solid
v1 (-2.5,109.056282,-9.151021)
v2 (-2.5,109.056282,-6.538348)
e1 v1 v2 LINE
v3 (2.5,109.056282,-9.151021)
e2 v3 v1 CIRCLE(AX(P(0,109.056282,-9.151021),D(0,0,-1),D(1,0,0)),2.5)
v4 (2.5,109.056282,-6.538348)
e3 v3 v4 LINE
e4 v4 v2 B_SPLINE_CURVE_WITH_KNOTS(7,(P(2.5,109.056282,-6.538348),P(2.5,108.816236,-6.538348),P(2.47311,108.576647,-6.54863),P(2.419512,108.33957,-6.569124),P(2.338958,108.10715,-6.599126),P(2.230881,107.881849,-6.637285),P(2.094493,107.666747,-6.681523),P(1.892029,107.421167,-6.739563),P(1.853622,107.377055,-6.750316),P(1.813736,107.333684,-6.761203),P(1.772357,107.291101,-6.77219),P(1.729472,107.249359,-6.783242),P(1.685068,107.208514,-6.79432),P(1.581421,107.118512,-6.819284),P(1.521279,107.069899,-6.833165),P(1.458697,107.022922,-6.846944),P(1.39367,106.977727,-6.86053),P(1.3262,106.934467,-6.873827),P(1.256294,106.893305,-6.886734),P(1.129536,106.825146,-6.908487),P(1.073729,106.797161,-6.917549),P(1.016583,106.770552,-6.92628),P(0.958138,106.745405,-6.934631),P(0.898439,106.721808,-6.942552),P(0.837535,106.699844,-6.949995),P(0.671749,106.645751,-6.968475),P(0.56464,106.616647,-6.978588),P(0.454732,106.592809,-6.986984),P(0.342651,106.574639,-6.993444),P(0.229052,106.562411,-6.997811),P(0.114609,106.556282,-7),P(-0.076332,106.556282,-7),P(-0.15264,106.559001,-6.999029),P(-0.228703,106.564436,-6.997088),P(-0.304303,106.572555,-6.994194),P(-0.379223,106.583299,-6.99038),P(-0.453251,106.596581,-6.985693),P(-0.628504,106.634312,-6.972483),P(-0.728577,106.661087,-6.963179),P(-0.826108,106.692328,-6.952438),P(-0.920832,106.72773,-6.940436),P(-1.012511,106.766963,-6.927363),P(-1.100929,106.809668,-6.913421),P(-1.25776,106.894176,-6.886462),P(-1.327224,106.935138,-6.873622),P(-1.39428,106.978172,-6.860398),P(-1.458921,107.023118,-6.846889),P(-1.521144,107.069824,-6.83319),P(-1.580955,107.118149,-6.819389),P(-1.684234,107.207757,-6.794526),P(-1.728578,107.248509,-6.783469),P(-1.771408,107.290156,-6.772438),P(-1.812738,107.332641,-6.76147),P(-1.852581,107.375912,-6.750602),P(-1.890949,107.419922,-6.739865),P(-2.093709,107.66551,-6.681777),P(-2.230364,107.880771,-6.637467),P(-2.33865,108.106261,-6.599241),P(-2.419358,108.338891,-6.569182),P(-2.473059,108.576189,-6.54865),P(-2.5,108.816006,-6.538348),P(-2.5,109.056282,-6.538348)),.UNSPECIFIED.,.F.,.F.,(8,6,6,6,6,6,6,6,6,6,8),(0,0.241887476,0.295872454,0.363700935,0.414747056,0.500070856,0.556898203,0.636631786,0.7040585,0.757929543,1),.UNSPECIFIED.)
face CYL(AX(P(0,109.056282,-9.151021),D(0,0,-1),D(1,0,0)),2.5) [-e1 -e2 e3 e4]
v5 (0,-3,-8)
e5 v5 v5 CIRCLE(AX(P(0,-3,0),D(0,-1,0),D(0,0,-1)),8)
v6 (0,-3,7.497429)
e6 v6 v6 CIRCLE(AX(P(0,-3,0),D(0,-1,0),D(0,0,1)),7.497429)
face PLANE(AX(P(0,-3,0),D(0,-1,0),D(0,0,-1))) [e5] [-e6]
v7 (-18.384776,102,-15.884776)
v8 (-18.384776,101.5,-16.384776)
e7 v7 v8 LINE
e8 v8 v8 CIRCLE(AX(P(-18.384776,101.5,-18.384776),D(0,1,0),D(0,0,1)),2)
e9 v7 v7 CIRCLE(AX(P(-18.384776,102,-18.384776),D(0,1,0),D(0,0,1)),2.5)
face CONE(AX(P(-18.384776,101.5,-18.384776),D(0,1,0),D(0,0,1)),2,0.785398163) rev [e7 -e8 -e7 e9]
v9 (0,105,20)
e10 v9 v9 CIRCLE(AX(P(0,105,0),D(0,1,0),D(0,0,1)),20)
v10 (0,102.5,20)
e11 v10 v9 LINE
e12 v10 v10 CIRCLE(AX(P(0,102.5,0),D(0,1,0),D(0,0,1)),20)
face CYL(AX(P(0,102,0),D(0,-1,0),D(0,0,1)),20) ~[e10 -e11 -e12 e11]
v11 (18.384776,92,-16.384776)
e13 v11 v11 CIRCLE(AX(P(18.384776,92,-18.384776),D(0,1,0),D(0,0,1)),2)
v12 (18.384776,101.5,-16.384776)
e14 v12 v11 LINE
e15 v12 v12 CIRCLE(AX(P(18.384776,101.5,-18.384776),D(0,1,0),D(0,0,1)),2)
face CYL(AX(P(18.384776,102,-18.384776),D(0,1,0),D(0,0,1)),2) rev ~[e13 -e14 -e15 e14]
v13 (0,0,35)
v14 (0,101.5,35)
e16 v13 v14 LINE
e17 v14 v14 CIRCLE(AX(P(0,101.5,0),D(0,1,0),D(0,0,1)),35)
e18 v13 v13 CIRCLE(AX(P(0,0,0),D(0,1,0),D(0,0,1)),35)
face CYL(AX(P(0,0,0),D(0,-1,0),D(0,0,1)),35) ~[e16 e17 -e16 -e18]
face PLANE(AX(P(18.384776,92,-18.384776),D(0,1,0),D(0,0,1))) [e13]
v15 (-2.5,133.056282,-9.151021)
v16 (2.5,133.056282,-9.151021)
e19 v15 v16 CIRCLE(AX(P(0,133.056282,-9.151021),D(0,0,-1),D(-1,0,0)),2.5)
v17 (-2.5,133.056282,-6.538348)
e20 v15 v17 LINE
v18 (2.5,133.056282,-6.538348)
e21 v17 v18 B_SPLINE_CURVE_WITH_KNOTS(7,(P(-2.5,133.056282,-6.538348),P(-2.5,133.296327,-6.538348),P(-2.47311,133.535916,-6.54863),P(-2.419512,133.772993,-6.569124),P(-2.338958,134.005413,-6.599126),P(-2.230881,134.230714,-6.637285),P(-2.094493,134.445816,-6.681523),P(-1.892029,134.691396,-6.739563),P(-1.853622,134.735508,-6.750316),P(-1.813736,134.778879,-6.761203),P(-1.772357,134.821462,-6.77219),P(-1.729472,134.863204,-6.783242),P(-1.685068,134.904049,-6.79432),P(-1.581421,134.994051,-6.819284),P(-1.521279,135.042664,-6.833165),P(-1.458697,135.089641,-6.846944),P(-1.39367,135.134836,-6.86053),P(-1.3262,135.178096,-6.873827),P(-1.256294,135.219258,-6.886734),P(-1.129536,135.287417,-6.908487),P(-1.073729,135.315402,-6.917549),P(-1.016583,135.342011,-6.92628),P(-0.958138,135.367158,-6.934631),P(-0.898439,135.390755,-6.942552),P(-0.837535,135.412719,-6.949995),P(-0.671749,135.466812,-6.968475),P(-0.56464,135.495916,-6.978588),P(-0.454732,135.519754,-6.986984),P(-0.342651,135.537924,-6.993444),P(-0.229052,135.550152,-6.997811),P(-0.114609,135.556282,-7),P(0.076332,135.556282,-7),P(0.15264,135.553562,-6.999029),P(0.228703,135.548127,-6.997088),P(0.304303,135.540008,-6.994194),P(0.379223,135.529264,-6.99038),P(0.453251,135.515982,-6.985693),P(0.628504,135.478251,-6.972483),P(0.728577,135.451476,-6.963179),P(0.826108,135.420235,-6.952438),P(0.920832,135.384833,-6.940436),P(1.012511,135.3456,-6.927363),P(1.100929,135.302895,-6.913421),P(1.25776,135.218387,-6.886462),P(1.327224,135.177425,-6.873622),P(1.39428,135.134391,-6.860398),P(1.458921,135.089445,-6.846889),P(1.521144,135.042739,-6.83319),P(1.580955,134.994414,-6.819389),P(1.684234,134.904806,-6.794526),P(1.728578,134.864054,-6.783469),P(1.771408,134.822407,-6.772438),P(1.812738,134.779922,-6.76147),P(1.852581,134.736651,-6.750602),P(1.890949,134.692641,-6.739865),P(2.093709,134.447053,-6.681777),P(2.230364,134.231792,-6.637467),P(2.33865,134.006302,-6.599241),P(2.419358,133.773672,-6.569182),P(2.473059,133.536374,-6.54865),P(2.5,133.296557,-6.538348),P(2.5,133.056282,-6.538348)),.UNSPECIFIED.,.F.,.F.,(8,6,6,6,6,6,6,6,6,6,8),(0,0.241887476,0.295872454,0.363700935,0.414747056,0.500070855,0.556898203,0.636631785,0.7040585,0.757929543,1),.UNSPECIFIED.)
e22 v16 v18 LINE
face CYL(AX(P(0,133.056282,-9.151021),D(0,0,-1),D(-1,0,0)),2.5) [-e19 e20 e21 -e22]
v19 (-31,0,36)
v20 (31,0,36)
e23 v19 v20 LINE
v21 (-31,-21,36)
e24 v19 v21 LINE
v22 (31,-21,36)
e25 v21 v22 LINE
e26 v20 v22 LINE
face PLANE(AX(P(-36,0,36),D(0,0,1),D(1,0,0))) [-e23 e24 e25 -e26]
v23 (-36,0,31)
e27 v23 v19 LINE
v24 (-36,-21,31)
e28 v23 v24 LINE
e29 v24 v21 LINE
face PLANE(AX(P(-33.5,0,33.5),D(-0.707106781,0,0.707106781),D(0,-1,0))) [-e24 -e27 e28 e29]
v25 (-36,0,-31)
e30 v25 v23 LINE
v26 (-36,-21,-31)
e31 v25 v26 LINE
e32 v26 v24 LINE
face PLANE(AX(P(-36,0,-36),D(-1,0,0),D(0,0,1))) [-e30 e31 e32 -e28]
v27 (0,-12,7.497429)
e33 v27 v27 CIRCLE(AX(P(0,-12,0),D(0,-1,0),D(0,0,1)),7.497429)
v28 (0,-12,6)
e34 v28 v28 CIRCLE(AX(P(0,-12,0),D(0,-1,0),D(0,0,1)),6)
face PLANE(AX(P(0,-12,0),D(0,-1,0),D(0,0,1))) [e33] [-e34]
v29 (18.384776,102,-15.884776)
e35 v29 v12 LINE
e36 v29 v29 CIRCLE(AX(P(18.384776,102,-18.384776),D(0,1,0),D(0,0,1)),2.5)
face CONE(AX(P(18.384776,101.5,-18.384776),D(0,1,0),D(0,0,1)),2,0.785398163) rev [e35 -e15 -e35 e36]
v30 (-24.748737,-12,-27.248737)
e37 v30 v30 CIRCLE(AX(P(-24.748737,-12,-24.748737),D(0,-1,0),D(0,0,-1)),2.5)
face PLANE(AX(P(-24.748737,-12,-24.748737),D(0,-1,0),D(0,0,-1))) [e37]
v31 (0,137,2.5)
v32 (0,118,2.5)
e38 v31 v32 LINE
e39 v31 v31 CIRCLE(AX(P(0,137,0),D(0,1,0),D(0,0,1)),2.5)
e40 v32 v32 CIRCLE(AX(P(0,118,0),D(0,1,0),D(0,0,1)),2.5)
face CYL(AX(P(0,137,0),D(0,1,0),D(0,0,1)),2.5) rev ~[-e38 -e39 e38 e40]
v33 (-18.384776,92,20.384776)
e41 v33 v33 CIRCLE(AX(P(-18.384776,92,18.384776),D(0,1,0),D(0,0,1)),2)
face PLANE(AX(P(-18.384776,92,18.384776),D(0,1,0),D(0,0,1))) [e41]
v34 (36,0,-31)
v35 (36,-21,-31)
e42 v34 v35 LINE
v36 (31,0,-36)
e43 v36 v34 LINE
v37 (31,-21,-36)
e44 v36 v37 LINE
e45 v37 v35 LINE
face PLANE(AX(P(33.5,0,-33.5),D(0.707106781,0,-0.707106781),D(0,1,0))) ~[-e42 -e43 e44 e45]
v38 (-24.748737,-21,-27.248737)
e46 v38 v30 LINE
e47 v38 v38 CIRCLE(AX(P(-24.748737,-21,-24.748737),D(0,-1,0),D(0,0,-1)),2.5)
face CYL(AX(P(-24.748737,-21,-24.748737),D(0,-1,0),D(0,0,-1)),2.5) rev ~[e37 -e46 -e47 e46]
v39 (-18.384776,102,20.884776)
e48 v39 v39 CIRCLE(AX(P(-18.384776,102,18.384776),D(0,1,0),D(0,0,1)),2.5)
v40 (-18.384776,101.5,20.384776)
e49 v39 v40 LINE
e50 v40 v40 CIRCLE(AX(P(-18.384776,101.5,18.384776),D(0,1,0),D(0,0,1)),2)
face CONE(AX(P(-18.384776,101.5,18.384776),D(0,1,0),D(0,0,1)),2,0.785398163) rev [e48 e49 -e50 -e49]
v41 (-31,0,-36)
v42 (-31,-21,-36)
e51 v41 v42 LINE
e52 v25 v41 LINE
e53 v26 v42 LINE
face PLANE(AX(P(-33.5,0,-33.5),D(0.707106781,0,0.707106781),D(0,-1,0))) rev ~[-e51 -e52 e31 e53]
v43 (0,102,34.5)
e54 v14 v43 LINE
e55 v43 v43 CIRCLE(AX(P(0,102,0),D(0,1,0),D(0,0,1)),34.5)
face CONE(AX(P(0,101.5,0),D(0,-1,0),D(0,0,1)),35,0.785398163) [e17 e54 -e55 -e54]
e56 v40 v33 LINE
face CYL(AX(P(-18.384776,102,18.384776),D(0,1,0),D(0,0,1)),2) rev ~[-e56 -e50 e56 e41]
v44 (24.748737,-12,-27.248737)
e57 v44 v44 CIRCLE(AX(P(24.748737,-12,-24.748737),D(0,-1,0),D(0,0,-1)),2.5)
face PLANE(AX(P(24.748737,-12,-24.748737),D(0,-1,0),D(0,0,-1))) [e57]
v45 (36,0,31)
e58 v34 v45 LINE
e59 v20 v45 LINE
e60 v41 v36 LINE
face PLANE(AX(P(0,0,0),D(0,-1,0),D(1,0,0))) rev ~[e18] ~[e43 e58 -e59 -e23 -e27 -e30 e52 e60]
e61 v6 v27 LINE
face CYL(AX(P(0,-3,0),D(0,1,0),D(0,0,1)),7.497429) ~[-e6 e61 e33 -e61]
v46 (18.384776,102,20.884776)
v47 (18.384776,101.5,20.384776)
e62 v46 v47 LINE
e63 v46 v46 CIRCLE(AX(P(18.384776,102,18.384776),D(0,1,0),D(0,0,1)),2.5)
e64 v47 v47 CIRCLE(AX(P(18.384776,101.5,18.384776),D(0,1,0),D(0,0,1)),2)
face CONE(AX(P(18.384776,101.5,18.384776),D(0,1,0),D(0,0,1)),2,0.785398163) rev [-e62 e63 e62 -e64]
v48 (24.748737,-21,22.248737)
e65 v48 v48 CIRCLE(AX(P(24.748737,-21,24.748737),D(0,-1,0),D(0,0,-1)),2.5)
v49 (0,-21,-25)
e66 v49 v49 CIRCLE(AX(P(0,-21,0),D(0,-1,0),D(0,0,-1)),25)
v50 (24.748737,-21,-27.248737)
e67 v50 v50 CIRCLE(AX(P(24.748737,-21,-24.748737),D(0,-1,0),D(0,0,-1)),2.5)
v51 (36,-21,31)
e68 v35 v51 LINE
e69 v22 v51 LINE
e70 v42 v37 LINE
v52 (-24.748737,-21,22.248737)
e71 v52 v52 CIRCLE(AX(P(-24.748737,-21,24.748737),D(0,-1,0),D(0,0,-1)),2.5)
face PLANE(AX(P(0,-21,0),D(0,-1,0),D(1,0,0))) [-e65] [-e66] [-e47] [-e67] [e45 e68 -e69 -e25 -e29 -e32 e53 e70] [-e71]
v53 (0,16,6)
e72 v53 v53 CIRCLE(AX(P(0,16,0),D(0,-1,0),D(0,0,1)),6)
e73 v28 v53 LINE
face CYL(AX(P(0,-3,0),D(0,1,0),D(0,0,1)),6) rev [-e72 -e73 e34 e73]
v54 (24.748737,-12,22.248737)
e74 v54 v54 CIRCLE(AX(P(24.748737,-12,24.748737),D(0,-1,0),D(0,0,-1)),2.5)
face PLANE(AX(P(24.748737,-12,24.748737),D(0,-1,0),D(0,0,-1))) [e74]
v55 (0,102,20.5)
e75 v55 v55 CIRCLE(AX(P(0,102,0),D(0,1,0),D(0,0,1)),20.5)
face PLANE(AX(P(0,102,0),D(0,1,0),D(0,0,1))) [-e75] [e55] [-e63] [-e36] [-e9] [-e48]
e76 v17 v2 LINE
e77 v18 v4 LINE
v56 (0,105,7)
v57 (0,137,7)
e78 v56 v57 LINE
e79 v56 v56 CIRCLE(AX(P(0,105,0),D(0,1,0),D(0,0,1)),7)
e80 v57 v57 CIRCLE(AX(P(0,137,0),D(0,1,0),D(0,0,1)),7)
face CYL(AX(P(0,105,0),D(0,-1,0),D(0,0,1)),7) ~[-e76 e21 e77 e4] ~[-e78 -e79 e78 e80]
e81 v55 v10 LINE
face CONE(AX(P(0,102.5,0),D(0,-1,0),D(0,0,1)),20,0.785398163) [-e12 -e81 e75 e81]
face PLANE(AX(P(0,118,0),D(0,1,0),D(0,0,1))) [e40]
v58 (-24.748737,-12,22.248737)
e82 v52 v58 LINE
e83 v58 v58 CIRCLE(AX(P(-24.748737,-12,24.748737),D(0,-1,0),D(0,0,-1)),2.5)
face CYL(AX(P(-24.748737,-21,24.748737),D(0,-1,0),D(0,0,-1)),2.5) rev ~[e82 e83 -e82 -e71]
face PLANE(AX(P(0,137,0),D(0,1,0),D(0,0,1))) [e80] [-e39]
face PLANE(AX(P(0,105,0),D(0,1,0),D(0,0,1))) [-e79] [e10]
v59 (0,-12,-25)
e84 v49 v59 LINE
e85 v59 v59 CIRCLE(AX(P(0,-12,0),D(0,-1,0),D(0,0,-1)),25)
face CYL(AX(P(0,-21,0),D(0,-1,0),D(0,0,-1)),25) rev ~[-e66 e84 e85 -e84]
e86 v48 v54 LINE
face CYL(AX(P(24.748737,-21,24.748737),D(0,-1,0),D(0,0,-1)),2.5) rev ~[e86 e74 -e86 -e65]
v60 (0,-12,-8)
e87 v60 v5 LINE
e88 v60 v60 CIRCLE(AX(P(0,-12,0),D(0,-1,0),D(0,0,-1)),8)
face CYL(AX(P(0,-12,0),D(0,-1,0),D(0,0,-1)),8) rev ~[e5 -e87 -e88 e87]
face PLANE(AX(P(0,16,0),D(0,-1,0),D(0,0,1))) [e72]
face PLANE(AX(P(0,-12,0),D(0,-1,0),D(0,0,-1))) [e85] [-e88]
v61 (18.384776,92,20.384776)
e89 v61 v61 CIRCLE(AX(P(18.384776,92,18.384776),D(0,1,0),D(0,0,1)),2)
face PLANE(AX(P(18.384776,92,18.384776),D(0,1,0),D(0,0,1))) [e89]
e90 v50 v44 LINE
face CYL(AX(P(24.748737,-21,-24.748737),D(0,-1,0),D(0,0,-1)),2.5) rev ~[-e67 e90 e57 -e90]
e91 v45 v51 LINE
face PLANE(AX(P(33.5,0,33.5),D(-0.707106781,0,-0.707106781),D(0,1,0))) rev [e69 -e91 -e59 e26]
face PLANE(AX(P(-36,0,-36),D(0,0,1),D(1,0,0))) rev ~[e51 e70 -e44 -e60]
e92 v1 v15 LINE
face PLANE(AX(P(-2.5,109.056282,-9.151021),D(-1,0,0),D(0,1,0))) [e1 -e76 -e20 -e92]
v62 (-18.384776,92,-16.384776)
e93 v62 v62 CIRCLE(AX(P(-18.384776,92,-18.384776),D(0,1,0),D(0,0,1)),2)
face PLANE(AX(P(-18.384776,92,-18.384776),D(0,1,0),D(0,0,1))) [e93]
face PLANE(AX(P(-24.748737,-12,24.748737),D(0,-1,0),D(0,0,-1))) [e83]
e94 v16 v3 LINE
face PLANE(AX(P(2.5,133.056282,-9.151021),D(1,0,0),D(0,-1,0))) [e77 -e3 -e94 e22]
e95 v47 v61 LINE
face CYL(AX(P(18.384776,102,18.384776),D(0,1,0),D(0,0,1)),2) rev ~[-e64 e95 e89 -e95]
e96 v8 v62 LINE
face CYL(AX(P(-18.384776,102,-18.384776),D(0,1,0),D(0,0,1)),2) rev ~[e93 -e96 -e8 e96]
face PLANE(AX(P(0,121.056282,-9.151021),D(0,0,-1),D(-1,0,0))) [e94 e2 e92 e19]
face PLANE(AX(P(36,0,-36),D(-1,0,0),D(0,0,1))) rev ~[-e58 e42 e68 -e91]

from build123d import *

# Parameters (mm, degrees)
SKETCH_1_R             = 35
EXTRUDE_1_DEPTH        = 102
SKETCH_2_R             = 20
EXTRUDE_2_DEPTH        = 3
SKETCH_3_R             = 7
EXTRUDE_3_DEPTH        = 32
SKETCH_4_W             = 72
SKETCH_4_H             = 72
EXTRUDE_4_DEPTH        = 21
CHAMFER_1_SIZE         = 5
SKETCH_5_R             = 2
CUT_EXTRUDE_1_DEPTH    = 10
CHAMFER_2_SIZE         = 0.5
SKETCH_6_R             = 25
CUT_EXTRUDE_2_DEPTH    = 9
SKETCH_7_R             = 8
CUT_EXTRUDE_3_DEPTH    = 9
SKETCH_9_R             = 2.5
CUT_EXTRUDE_4_DEPTH    = 9
SKETCH_10_R            = 2.5
CUT_EXTRUDE_5_DEPTH    = 19
EXTRUDE_1_2_DEPTH      = 1
EXTRUDE_1_2_DEPTH_BACK = 2
SKETCH_13_R            = 7.497429265
SKETCH_13_R_2          = 6
EXTRUDE_2_2_DEPTH      = 9
CUT_EXTRUDE_START      = -19
SKETCH_14_R            = 6
CUT_EXTRUDE_6_DEPTH    = 19


with BuildPart() as part:
    # Эскиз1 → Extrude 1 (new body)
    with BuildSketch(Plane(origin=(0, 0, 0), x_dir=(1, 0, 0), z_dir=(0, 1, 0))):
        with Locations(Location((0, 0, 0), (0, 0, 270))):
            Circle(SKETCH_1_R)
    extrude(amount=EXTRUDE_1_DEPTH)

    # Эскиз2 → Extrude 2 (add)
    with BuildSketch(Plane(origin=(0, 102, 0), x_dir=(1, 0, 0), z_dir=(0, 1, 0))):
        with Locations(Location((0, 0, 0), (0, 0, 270))):
            Circle(SKETCH_2_R)
    extrude(amount=EXTRUDE_2_DEPTH)

    # Эскиз3 → Вытянуть3 (add)
    with BuildSketch(Plane(origin=(0, 105, 0), x_dir=(1, 0, 0), z_dir=(0, 1, 0))):
        with Locations(Location((0, 0, 0), (0, 0, 270))):
            Circle(SKETCH_3_R)
    extrude(amount=EXTRUDE_3_DEPTH)

    # Эскиз4 → Вытянуть4 (add)
    with BuildSketch(Plane.XZ):
        Rectangle(SKETCH_4_W, SKETCH_4_H)
    extrude(amount=EXTRUDE_4_DEPTH)

    # Фаска1
    chamfer_1_edges = [part.edges().sort_by_distance(p)[0] for p in [
        (-36, -10.5, 36),
        (-36, -10.5, -36),
        (36, -10.5, -36),
        (36, -10.5, 36),
    ]]
    chamfer(chamfer_1_edges, length=CHAMFER_1_SIZE)

    # Эскиз5 → Вырез-Вытянуть1 (cut)
    with BuildSketch(Plane(origin=(0, 102, 0), x_dir=(1, 0, 0), z_dir=(0, 1, 0))):
        with Locations(Location((-18.384776311, 18.384776311, 0), (0, 0, 270))):
            Circle(SKETCH_5_R)
        with Locations(Location((18.384776311, 18.384776311, 0), (0, 0, 270))):
            Circle(SKETCH_5_R)
        with Locations(Location((-18.384776311, -18.384776311, 0), (0, 0, 270))):
            Circle(SKETCH_5_R)
        with Locations(Location((18.384776311, -18.384776311, 0), (0, 0, 270))):
            Circle(SKETCH_5_R)
    extrude(amount=-CUT_EXTRUDE_1_DEPTH, mode=Mode.SUBTRACT)

    # Фаска2
    chamfer_2_edges = [part.edges().sort_by_distance(p)[0] for p in [
        (0, 102, -35),
        (-18.384776311, 102, -20.384776311),
        (18.384776311, 102, -20.384776311),
        (-18.384776311, 102, 16.384776311),
        (0, 102, -20),
        (18.384776311, 102, 16.384776311),
    ]]
    chamfer(chamfer_2_edges, length=CHAMFER_2_SIZE)

    # Эскиз6 → Вырез-Вытянуть2 (cut)
    with BuildSketch(Plane.XZ.offset(21)):
        with Locations(Location((0, 0, 0), (0, 0, 270))):
            Circle(SKETCH_6_R)
    extrude(amount=-CUT_EXTRUDE_2_DEPTH, mode=Mode.SUBTRACT)

    # Эскиз7 → Вырез-Вытянуть3 (cut)
    with BuildSketch(Plane.XZ.offset(12)):
        with Locations(Location((0, 0, 0), (0, 0, 270))):
            Circle(SKETCH_7_R)
    extrude(amount=-CUT_EXTRUDE_3_DEPTH, mode=Mode.SUBTRACT)

    # Эскиз9 → Вырез-Вытянуть4 (cut)
    with BuildSketch(Plane.XZ.offset(21)):
        with Locations(Location((-24.748737342, 24.748737342, 0), (0, 0, 270))):
            Circle(SKETCH_9_R)
        with Locations(Location((24.748737342, 24.748737342, 0), (0, 0, 270))):
            Circle(SKETCH_9_R)
        with Locations(Location((-24.748737342, -24.748737342, 0), (0, 0, 270))):
            Circle(SKETCH_9_R)
        with Locations(Location((24.748737342, -24.748737342, 0), (0, 0, 270))):
            Circle(SKETCH_9_R)
    extrude(amount=-CUT_EXTRUDE_4_DEPTH, mode=Mode.SUBTRACT)

    # Эскиз10 → Вырез-Вытянуть5 (cut)
    with BuildSketch(Plane(origin=(0, 137, 0), x_dir=(1, 0, 0), z_dir=(0, 1, 0))):
        with Locations(Location((0, 0, 0), (0, 0, 270))):
            Circle(SKETCH_10_R)
    extrude(amount=-CUT_EXTRUDE_5_DEPTH, mode=Mode.SUBTRACT)

    # Эскиз12 → Extrude 1 2 (add, two sides: drawn at the far end of the back side and taken through both)
    with BuildSketch(Plane.XY.offset(-7.151021082).offset(-EXTRUDE_1_2_DEPTH_BACK)):
        with BuildLine():
            Line((2.5, 133.056281521), (2.5, 109.056281521))
            ThreePointArc((2.5, 109.056281521), (0, 106.556281521), (-2.5, 109.056281521))
            Line((-2.5, 109.056281521), (-2.5, 133.056281521))
            ThreePointArc((-2.5, 133.056281521), (0, 135.556281521), (2.5, 133.056281521))
        make_face()
    extrude(amount=EXTRUDE_1_2_DEPTH + EXTRUDE_1_2_DEPTH_BACK)

    # Эскиз13 → Extrude 2 2 (add)
    with BuildSketch(Plane.XZ.offset(3)):
        with Locations(Location((0, 0, 0), (0, 0, 90))):
            Circle(SKETCH_13_R)
        with Locations(Location((0, 0, 0), (0, 0, 90))):
            Circle(SKETCH_13_R_2, mode=Mode.SUBTRACT)
    extrude(amount=EXTRUDE_2_2_DEPTH)

    # Эскиз14 → Вырез-Вытянуть6 (cut)
    with BuildSketch(Plane.XZ.offset(3).offset(CUT_EXTRUDE_START)):
        with Locations(Location((0, 0, 0), (0, 0, 90))):
            Circle(SKETCH_14_R)
    extrude(amount=CUT_EXTRUDE_6_DEPTH, mode=Mode.SUBTRACT)


solid = part.part
